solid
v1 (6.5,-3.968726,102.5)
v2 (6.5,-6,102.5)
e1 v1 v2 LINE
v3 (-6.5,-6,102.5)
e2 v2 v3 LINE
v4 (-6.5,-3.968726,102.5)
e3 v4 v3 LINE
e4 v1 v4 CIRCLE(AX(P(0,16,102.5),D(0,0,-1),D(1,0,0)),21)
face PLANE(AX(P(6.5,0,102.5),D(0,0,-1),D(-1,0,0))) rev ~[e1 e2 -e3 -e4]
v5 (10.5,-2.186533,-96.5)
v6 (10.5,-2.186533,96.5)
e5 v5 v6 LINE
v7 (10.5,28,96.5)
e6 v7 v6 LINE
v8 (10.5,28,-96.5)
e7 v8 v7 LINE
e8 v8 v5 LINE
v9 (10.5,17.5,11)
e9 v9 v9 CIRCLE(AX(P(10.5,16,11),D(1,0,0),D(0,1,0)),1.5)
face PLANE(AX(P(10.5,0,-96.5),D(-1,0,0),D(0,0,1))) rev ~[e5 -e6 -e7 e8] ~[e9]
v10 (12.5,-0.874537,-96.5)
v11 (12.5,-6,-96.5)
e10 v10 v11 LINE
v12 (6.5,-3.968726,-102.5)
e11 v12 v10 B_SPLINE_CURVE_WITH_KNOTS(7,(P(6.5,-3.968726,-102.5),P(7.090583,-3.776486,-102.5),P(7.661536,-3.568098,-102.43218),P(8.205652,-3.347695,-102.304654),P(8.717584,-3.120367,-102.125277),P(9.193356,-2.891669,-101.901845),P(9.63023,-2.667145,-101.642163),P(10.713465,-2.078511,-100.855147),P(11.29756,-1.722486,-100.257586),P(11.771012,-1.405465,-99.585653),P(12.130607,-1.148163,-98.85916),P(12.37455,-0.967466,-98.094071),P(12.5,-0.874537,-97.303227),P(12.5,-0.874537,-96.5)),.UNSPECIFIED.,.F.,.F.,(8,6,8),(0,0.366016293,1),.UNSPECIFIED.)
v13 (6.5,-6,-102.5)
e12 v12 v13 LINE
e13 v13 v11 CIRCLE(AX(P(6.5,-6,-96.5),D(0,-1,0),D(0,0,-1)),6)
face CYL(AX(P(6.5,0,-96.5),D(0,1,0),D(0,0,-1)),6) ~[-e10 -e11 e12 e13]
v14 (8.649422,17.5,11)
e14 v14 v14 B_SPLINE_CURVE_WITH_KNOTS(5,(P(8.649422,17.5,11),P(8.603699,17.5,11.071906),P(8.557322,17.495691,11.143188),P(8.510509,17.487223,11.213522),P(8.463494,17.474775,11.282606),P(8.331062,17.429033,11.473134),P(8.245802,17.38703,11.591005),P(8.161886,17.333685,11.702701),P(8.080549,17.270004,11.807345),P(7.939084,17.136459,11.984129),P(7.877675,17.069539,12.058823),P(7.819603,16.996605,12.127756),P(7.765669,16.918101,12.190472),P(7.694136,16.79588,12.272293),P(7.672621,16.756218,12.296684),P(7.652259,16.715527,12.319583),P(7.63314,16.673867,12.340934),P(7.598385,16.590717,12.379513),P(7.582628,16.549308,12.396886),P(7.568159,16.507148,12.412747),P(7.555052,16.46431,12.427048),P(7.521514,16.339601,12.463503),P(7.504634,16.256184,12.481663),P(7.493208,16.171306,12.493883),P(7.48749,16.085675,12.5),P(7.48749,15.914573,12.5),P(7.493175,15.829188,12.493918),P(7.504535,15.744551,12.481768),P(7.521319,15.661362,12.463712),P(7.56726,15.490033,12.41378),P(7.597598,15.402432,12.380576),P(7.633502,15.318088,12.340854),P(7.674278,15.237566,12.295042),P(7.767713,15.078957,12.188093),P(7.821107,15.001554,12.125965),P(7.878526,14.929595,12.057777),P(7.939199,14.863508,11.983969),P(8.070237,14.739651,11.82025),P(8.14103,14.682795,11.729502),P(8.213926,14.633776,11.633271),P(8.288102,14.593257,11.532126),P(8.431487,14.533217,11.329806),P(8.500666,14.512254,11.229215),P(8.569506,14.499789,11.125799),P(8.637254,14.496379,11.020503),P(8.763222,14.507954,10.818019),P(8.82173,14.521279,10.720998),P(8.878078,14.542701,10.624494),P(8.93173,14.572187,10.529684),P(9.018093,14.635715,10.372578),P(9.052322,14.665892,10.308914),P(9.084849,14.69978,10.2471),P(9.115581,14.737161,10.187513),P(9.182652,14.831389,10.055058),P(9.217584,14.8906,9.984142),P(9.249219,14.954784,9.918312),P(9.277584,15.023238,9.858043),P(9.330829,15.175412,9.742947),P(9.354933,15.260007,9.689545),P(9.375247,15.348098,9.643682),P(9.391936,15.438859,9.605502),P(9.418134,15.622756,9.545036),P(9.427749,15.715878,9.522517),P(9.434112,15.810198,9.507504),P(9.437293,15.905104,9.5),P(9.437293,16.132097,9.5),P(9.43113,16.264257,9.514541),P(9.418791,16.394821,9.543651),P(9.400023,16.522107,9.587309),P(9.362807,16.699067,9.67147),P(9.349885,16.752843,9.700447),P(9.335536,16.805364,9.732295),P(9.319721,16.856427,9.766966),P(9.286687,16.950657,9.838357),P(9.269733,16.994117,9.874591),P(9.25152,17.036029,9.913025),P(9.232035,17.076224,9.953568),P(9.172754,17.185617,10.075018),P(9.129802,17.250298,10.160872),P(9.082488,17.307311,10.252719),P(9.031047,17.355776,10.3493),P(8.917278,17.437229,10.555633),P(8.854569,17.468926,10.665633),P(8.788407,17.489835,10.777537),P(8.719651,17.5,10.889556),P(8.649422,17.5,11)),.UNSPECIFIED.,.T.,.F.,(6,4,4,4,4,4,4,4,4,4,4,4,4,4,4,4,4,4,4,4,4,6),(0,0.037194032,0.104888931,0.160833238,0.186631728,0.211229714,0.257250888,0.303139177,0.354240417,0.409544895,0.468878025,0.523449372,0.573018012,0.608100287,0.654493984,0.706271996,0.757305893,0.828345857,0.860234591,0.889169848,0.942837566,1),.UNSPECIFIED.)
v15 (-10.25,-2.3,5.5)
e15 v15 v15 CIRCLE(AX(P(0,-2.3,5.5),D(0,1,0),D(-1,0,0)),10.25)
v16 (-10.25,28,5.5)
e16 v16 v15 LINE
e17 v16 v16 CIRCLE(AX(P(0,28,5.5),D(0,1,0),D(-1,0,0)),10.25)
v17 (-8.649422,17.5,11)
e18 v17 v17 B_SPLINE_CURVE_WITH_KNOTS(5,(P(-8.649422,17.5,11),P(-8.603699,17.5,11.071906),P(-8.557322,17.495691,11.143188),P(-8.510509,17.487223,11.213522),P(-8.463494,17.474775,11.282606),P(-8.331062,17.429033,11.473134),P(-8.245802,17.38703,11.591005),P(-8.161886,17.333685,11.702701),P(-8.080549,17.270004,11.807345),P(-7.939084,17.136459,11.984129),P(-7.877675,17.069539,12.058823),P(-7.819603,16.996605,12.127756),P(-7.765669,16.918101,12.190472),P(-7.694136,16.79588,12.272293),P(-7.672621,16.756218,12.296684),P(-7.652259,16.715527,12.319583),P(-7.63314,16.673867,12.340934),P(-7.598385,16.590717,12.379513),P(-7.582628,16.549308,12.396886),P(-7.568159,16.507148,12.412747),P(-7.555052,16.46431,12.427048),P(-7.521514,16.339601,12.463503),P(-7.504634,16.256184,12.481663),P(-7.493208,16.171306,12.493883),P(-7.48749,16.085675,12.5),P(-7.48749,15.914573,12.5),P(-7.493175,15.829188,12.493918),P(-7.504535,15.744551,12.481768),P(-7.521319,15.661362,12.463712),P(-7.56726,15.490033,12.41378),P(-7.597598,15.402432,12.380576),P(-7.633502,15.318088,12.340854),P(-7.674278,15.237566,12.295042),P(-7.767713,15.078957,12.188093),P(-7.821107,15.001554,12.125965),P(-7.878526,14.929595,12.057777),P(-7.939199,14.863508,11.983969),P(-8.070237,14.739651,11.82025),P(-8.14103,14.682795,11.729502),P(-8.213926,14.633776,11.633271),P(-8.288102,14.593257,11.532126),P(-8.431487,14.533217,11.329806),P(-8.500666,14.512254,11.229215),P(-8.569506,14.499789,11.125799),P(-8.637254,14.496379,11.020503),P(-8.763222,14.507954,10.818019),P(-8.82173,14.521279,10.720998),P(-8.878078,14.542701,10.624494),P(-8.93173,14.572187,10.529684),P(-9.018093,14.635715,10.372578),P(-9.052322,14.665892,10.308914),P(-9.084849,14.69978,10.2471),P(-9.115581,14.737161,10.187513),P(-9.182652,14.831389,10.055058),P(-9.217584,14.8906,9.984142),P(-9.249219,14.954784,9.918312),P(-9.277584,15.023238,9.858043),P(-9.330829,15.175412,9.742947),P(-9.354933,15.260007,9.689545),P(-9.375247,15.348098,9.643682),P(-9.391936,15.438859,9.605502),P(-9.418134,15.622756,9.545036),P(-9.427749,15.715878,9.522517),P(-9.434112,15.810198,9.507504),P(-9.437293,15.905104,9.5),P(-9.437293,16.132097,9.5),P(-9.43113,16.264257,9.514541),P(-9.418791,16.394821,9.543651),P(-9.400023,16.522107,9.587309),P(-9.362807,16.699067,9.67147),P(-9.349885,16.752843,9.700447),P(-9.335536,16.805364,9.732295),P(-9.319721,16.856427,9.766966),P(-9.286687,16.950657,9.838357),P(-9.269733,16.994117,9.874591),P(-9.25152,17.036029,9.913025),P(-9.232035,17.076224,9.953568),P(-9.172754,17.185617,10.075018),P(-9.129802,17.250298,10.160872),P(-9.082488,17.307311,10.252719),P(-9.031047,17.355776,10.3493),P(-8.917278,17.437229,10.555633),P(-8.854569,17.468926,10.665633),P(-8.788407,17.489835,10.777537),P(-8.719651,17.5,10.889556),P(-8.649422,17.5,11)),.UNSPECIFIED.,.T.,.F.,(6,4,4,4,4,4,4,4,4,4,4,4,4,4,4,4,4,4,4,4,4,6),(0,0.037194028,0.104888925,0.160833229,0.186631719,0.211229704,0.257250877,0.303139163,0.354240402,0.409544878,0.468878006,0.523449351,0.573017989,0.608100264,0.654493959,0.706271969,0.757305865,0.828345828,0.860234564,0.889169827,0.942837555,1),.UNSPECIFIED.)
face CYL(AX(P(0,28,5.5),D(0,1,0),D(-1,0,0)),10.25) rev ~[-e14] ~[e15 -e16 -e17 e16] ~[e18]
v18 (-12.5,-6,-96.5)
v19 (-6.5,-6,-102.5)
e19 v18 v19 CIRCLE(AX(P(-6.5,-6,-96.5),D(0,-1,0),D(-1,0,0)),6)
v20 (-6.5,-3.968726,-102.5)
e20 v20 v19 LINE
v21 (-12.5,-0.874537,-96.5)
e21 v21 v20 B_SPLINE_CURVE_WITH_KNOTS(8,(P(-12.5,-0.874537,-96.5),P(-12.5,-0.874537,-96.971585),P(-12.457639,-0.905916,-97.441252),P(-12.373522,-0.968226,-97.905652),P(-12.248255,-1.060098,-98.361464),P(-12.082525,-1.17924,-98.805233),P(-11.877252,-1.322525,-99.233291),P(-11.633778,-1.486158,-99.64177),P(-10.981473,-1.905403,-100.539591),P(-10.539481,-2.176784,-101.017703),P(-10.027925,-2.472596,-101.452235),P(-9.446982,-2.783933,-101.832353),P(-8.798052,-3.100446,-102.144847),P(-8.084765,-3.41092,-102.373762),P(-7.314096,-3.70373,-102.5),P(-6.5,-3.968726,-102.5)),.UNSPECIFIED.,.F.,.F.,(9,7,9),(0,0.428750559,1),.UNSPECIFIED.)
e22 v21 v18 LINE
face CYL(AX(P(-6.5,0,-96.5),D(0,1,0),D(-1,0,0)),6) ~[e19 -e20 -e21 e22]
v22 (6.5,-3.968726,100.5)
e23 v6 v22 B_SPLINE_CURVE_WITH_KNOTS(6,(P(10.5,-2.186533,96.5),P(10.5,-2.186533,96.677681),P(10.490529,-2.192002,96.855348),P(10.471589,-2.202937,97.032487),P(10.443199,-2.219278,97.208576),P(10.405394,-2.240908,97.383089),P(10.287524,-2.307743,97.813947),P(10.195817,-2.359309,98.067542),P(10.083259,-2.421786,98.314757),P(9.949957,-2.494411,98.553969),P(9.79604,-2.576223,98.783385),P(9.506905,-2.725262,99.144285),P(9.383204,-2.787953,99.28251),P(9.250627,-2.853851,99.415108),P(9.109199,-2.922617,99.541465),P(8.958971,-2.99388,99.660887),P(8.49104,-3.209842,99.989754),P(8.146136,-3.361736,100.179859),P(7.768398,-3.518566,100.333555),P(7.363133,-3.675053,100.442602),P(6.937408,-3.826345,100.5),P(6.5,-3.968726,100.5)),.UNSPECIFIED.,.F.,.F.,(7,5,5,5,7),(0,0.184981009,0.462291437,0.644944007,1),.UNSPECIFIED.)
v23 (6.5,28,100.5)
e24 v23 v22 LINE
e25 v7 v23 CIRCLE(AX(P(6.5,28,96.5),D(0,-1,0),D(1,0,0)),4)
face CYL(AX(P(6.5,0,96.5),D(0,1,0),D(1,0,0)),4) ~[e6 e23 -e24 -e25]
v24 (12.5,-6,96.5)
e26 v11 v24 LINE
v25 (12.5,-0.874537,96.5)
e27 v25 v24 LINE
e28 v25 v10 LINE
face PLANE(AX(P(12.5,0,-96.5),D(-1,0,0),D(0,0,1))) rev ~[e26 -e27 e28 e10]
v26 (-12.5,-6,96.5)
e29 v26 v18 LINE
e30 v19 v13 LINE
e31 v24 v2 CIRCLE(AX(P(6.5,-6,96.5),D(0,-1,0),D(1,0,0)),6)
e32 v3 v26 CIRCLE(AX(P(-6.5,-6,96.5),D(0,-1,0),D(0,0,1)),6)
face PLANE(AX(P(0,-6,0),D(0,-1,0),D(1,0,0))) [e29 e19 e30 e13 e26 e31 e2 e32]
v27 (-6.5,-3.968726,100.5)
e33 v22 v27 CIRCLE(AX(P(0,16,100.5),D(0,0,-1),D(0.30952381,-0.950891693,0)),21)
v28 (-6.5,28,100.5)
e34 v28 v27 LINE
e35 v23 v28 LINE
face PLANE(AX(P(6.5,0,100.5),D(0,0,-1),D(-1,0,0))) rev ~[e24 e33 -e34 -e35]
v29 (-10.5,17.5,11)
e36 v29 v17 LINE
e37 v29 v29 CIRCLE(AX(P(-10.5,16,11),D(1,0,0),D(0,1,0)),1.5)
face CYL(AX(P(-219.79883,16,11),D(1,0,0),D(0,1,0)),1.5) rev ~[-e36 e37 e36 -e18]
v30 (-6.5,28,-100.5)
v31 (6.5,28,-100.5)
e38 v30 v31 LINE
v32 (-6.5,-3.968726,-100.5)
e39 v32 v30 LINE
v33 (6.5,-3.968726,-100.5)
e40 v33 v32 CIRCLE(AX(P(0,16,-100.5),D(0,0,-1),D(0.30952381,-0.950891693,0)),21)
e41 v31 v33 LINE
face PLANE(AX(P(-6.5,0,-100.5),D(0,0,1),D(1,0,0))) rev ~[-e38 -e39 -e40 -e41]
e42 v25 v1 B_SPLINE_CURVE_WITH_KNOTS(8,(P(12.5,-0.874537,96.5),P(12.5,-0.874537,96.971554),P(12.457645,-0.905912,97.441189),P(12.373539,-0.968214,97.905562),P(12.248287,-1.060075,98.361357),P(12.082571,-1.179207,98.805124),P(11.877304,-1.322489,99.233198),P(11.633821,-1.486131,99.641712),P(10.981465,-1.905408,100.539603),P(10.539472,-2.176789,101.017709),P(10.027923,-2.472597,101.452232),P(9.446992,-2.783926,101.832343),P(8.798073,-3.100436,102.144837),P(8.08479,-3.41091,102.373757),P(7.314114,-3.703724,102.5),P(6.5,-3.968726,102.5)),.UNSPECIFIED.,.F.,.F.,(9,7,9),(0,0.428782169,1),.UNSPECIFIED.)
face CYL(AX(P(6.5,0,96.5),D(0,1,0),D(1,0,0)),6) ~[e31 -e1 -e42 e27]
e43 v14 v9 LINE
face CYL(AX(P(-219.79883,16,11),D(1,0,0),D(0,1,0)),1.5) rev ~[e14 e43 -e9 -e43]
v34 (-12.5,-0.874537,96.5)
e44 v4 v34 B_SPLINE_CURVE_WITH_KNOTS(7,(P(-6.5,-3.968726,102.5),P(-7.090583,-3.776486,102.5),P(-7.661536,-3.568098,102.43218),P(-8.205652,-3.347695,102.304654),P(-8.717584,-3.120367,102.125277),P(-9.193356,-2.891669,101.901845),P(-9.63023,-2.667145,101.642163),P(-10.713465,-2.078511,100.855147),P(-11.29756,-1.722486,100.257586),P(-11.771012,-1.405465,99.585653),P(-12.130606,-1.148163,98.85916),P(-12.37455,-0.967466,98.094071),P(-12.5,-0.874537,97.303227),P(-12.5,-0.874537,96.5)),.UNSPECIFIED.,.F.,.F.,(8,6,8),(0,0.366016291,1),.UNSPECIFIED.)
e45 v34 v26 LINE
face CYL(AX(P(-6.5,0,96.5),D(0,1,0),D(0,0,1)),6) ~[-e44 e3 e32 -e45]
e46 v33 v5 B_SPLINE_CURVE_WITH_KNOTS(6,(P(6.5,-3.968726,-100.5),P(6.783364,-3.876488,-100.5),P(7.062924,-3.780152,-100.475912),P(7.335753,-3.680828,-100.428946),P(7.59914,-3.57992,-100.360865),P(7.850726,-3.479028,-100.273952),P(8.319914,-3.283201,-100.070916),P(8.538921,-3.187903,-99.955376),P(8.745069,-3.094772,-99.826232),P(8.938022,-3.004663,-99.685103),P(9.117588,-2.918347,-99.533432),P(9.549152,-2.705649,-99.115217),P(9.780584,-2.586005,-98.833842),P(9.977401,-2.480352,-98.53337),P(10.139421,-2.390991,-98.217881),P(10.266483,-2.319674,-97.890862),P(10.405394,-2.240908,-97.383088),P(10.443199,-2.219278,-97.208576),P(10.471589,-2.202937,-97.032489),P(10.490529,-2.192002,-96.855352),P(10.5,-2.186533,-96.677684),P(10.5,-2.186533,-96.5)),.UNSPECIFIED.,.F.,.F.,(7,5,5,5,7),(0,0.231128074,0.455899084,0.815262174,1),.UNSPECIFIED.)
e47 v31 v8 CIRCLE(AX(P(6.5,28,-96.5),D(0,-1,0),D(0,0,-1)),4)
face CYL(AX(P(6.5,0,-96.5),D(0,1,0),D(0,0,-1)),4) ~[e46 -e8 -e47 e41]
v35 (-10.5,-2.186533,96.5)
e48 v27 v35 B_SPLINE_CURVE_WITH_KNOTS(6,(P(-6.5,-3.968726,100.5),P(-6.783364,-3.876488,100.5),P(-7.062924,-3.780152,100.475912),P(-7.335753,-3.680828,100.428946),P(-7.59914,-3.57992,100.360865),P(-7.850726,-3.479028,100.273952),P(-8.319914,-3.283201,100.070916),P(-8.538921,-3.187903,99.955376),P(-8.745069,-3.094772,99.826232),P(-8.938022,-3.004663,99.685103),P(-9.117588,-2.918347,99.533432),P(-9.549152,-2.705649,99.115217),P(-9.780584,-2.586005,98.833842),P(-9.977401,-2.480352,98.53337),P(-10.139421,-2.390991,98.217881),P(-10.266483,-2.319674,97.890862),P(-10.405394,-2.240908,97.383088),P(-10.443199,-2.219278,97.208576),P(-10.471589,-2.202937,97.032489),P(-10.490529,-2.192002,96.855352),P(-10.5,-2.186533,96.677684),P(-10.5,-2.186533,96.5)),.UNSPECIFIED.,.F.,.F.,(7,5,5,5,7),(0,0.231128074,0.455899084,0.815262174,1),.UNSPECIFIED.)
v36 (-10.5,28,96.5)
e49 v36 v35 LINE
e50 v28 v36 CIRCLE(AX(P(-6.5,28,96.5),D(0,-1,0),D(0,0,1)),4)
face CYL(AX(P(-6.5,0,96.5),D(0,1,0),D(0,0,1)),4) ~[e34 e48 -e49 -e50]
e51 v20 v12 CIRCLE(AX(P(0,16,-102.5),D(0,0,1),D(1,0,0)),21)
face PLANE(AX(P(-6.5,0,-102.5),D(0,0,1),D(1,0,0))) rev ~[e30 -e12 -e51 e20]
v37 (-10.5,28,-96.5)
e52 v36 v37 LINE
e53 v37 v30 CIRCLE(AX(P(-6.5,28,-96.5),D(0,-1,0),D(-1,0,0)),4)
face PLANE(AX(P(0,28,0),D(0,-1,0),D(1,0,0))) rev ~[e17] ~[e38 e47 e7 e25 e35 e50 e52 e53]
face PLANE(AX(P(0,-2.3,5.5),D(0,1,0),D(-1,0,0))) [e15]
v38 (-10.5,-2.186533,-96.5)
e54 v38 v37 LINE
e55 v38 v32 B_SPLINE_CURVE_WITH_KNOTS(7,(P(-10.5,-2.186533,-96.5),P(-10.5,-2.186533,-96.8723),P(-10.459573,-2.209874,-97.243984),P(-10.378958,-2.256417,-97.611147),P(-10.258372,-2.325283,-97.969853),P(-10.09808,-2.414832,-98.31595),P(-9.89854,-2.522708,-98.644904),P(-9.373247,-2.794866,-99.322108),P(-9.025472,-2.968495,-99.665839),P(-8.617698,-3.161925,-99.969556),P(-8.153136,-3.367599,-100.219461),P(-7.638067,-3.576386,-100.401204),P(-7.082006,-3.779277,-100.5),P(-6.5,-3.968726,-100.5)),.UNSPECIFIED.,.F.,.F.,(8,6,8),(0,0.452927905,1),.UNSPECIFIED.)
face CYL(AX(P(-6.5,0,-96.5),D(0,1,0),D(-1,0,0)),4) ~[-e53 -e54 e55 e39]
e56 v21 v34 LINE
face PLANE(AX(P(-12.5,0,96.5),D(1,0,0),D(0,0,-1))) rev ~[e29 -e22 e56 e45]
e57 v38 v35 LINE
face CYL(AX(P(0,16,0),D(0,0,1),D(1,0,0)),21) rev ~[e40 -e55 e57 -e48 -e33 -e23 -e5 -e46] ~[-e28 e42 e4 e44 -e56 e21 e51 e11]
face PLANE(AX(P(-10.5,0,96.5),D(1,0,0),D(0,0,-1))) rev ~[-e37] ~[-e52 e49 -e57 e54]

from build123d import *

# Parameters (mm, degrees)
F2_DEPTH      = 6
F3_R          = 21
F4_DEPTH      = 102.501
F4_DEPTH_BACK = 102.501
F5_DEPTH      = 28
F5_DEPTH_BACK = 5
F6_R          = 10.25
F7_DEPTH      = 30.3
F9_D          = 3


with BuildPart() as f2:
    # F1 (on Front) → F2 (new body)
    with BuildSketch(Plane.XZ):
        with BuildLine():
            ThreePointArc((6.5, -102.5), (10.7426406871, -100.7426406871), (12.5, -96.5))
            Line((12.5, -96.5), (12.5, 96.5))
            ThreePointArc((12.5, 96.5), (10.7426406871, 100.7426406871), (6.5, 102.5))
            Line((6.5, 102.5), (-6.5, 102.5))
            ThreePointArc((-6.5, 102.5), (-10.7426406871, 100.7426406871), (-12.5, 96.5))
            Line((-12.5, 96.5), (-12.5, -96.5))
            ThreePointArc((-12.5, -96.5), (-10.7426406871, -100.7426406871), (-6.5, -102.5))
            Line((-6.5, -102.5), (6.5, -102.5))
        make_face()
    extrude(amount=F2_DEPTH)

    # F3 (on Top) → F4 (cut, two sides)
    with BuildSketch(Plane.XY) as f4_sk:
        with Locations((0, 16)):
            Circle(F3_R)
    extrude(amount=-F4_DEPTH, mode=Mode.SUBTRACT)
    extrude(f4_sk.sketch, amount=F4_DEPTH_BACK, mode=Mode.SUBTRACT)

    # F0 (on Front) → F5 (join, two sides)
    with BuildSketch(Plane.XZ) as f5_sk:
        with BuildLine():
            Line((-6.5, -100.5), (6.5, -100.5))
            ThreePointArc((6.5, -100.5), (9.3284271247, -99.3284271247), (10.5, -96.5))
            Line((10.5, -96.5), (10.5, 96.5))
            ThreePointArc((10.5, 96.5), (9.3284271247, 99.3284271247), (6.5, 100.5))
            Line((6.5, 100.5), (-6.5, 100.5))
            ThreePointArc((-6.5, 100.5), (-9.3284271247, 99.3284271247), (-10.5, 96.5))
            Line((-10.5, 96.5), (-10.5, -96.5))
            ThreePointArc((-10.5, -96.5), (-9.3284271247, -99.3284271247), (-6.5, -100.5))
        make_face()
    extrude(amount=-F5_DEPTH)
    extrude(f5_sk.sketch, amount=F5_DEPTH_BACK)

    # F6 (on face) → F7 (cut)
    with BuildSketch(Plane(origin=(0, 28, 0), x_dir=(-1, 0, 0), z_dir=(0, 1, 0))):
        with Locations((0, 5.5)):
            Circle(F6_R)
    extrude(amount=-F7_DEPTH, mode=Mode.SUBTRACT)

    # F9 (through all)
    with Locations(Plane(origin=(-10.5, 0, 0), x_dir=(0, -1, 0), z_dir=(-1, 0, 0))):
        with Locations((-16, 11)):
            Hole(F9_D / 2)


solid = f2.part
